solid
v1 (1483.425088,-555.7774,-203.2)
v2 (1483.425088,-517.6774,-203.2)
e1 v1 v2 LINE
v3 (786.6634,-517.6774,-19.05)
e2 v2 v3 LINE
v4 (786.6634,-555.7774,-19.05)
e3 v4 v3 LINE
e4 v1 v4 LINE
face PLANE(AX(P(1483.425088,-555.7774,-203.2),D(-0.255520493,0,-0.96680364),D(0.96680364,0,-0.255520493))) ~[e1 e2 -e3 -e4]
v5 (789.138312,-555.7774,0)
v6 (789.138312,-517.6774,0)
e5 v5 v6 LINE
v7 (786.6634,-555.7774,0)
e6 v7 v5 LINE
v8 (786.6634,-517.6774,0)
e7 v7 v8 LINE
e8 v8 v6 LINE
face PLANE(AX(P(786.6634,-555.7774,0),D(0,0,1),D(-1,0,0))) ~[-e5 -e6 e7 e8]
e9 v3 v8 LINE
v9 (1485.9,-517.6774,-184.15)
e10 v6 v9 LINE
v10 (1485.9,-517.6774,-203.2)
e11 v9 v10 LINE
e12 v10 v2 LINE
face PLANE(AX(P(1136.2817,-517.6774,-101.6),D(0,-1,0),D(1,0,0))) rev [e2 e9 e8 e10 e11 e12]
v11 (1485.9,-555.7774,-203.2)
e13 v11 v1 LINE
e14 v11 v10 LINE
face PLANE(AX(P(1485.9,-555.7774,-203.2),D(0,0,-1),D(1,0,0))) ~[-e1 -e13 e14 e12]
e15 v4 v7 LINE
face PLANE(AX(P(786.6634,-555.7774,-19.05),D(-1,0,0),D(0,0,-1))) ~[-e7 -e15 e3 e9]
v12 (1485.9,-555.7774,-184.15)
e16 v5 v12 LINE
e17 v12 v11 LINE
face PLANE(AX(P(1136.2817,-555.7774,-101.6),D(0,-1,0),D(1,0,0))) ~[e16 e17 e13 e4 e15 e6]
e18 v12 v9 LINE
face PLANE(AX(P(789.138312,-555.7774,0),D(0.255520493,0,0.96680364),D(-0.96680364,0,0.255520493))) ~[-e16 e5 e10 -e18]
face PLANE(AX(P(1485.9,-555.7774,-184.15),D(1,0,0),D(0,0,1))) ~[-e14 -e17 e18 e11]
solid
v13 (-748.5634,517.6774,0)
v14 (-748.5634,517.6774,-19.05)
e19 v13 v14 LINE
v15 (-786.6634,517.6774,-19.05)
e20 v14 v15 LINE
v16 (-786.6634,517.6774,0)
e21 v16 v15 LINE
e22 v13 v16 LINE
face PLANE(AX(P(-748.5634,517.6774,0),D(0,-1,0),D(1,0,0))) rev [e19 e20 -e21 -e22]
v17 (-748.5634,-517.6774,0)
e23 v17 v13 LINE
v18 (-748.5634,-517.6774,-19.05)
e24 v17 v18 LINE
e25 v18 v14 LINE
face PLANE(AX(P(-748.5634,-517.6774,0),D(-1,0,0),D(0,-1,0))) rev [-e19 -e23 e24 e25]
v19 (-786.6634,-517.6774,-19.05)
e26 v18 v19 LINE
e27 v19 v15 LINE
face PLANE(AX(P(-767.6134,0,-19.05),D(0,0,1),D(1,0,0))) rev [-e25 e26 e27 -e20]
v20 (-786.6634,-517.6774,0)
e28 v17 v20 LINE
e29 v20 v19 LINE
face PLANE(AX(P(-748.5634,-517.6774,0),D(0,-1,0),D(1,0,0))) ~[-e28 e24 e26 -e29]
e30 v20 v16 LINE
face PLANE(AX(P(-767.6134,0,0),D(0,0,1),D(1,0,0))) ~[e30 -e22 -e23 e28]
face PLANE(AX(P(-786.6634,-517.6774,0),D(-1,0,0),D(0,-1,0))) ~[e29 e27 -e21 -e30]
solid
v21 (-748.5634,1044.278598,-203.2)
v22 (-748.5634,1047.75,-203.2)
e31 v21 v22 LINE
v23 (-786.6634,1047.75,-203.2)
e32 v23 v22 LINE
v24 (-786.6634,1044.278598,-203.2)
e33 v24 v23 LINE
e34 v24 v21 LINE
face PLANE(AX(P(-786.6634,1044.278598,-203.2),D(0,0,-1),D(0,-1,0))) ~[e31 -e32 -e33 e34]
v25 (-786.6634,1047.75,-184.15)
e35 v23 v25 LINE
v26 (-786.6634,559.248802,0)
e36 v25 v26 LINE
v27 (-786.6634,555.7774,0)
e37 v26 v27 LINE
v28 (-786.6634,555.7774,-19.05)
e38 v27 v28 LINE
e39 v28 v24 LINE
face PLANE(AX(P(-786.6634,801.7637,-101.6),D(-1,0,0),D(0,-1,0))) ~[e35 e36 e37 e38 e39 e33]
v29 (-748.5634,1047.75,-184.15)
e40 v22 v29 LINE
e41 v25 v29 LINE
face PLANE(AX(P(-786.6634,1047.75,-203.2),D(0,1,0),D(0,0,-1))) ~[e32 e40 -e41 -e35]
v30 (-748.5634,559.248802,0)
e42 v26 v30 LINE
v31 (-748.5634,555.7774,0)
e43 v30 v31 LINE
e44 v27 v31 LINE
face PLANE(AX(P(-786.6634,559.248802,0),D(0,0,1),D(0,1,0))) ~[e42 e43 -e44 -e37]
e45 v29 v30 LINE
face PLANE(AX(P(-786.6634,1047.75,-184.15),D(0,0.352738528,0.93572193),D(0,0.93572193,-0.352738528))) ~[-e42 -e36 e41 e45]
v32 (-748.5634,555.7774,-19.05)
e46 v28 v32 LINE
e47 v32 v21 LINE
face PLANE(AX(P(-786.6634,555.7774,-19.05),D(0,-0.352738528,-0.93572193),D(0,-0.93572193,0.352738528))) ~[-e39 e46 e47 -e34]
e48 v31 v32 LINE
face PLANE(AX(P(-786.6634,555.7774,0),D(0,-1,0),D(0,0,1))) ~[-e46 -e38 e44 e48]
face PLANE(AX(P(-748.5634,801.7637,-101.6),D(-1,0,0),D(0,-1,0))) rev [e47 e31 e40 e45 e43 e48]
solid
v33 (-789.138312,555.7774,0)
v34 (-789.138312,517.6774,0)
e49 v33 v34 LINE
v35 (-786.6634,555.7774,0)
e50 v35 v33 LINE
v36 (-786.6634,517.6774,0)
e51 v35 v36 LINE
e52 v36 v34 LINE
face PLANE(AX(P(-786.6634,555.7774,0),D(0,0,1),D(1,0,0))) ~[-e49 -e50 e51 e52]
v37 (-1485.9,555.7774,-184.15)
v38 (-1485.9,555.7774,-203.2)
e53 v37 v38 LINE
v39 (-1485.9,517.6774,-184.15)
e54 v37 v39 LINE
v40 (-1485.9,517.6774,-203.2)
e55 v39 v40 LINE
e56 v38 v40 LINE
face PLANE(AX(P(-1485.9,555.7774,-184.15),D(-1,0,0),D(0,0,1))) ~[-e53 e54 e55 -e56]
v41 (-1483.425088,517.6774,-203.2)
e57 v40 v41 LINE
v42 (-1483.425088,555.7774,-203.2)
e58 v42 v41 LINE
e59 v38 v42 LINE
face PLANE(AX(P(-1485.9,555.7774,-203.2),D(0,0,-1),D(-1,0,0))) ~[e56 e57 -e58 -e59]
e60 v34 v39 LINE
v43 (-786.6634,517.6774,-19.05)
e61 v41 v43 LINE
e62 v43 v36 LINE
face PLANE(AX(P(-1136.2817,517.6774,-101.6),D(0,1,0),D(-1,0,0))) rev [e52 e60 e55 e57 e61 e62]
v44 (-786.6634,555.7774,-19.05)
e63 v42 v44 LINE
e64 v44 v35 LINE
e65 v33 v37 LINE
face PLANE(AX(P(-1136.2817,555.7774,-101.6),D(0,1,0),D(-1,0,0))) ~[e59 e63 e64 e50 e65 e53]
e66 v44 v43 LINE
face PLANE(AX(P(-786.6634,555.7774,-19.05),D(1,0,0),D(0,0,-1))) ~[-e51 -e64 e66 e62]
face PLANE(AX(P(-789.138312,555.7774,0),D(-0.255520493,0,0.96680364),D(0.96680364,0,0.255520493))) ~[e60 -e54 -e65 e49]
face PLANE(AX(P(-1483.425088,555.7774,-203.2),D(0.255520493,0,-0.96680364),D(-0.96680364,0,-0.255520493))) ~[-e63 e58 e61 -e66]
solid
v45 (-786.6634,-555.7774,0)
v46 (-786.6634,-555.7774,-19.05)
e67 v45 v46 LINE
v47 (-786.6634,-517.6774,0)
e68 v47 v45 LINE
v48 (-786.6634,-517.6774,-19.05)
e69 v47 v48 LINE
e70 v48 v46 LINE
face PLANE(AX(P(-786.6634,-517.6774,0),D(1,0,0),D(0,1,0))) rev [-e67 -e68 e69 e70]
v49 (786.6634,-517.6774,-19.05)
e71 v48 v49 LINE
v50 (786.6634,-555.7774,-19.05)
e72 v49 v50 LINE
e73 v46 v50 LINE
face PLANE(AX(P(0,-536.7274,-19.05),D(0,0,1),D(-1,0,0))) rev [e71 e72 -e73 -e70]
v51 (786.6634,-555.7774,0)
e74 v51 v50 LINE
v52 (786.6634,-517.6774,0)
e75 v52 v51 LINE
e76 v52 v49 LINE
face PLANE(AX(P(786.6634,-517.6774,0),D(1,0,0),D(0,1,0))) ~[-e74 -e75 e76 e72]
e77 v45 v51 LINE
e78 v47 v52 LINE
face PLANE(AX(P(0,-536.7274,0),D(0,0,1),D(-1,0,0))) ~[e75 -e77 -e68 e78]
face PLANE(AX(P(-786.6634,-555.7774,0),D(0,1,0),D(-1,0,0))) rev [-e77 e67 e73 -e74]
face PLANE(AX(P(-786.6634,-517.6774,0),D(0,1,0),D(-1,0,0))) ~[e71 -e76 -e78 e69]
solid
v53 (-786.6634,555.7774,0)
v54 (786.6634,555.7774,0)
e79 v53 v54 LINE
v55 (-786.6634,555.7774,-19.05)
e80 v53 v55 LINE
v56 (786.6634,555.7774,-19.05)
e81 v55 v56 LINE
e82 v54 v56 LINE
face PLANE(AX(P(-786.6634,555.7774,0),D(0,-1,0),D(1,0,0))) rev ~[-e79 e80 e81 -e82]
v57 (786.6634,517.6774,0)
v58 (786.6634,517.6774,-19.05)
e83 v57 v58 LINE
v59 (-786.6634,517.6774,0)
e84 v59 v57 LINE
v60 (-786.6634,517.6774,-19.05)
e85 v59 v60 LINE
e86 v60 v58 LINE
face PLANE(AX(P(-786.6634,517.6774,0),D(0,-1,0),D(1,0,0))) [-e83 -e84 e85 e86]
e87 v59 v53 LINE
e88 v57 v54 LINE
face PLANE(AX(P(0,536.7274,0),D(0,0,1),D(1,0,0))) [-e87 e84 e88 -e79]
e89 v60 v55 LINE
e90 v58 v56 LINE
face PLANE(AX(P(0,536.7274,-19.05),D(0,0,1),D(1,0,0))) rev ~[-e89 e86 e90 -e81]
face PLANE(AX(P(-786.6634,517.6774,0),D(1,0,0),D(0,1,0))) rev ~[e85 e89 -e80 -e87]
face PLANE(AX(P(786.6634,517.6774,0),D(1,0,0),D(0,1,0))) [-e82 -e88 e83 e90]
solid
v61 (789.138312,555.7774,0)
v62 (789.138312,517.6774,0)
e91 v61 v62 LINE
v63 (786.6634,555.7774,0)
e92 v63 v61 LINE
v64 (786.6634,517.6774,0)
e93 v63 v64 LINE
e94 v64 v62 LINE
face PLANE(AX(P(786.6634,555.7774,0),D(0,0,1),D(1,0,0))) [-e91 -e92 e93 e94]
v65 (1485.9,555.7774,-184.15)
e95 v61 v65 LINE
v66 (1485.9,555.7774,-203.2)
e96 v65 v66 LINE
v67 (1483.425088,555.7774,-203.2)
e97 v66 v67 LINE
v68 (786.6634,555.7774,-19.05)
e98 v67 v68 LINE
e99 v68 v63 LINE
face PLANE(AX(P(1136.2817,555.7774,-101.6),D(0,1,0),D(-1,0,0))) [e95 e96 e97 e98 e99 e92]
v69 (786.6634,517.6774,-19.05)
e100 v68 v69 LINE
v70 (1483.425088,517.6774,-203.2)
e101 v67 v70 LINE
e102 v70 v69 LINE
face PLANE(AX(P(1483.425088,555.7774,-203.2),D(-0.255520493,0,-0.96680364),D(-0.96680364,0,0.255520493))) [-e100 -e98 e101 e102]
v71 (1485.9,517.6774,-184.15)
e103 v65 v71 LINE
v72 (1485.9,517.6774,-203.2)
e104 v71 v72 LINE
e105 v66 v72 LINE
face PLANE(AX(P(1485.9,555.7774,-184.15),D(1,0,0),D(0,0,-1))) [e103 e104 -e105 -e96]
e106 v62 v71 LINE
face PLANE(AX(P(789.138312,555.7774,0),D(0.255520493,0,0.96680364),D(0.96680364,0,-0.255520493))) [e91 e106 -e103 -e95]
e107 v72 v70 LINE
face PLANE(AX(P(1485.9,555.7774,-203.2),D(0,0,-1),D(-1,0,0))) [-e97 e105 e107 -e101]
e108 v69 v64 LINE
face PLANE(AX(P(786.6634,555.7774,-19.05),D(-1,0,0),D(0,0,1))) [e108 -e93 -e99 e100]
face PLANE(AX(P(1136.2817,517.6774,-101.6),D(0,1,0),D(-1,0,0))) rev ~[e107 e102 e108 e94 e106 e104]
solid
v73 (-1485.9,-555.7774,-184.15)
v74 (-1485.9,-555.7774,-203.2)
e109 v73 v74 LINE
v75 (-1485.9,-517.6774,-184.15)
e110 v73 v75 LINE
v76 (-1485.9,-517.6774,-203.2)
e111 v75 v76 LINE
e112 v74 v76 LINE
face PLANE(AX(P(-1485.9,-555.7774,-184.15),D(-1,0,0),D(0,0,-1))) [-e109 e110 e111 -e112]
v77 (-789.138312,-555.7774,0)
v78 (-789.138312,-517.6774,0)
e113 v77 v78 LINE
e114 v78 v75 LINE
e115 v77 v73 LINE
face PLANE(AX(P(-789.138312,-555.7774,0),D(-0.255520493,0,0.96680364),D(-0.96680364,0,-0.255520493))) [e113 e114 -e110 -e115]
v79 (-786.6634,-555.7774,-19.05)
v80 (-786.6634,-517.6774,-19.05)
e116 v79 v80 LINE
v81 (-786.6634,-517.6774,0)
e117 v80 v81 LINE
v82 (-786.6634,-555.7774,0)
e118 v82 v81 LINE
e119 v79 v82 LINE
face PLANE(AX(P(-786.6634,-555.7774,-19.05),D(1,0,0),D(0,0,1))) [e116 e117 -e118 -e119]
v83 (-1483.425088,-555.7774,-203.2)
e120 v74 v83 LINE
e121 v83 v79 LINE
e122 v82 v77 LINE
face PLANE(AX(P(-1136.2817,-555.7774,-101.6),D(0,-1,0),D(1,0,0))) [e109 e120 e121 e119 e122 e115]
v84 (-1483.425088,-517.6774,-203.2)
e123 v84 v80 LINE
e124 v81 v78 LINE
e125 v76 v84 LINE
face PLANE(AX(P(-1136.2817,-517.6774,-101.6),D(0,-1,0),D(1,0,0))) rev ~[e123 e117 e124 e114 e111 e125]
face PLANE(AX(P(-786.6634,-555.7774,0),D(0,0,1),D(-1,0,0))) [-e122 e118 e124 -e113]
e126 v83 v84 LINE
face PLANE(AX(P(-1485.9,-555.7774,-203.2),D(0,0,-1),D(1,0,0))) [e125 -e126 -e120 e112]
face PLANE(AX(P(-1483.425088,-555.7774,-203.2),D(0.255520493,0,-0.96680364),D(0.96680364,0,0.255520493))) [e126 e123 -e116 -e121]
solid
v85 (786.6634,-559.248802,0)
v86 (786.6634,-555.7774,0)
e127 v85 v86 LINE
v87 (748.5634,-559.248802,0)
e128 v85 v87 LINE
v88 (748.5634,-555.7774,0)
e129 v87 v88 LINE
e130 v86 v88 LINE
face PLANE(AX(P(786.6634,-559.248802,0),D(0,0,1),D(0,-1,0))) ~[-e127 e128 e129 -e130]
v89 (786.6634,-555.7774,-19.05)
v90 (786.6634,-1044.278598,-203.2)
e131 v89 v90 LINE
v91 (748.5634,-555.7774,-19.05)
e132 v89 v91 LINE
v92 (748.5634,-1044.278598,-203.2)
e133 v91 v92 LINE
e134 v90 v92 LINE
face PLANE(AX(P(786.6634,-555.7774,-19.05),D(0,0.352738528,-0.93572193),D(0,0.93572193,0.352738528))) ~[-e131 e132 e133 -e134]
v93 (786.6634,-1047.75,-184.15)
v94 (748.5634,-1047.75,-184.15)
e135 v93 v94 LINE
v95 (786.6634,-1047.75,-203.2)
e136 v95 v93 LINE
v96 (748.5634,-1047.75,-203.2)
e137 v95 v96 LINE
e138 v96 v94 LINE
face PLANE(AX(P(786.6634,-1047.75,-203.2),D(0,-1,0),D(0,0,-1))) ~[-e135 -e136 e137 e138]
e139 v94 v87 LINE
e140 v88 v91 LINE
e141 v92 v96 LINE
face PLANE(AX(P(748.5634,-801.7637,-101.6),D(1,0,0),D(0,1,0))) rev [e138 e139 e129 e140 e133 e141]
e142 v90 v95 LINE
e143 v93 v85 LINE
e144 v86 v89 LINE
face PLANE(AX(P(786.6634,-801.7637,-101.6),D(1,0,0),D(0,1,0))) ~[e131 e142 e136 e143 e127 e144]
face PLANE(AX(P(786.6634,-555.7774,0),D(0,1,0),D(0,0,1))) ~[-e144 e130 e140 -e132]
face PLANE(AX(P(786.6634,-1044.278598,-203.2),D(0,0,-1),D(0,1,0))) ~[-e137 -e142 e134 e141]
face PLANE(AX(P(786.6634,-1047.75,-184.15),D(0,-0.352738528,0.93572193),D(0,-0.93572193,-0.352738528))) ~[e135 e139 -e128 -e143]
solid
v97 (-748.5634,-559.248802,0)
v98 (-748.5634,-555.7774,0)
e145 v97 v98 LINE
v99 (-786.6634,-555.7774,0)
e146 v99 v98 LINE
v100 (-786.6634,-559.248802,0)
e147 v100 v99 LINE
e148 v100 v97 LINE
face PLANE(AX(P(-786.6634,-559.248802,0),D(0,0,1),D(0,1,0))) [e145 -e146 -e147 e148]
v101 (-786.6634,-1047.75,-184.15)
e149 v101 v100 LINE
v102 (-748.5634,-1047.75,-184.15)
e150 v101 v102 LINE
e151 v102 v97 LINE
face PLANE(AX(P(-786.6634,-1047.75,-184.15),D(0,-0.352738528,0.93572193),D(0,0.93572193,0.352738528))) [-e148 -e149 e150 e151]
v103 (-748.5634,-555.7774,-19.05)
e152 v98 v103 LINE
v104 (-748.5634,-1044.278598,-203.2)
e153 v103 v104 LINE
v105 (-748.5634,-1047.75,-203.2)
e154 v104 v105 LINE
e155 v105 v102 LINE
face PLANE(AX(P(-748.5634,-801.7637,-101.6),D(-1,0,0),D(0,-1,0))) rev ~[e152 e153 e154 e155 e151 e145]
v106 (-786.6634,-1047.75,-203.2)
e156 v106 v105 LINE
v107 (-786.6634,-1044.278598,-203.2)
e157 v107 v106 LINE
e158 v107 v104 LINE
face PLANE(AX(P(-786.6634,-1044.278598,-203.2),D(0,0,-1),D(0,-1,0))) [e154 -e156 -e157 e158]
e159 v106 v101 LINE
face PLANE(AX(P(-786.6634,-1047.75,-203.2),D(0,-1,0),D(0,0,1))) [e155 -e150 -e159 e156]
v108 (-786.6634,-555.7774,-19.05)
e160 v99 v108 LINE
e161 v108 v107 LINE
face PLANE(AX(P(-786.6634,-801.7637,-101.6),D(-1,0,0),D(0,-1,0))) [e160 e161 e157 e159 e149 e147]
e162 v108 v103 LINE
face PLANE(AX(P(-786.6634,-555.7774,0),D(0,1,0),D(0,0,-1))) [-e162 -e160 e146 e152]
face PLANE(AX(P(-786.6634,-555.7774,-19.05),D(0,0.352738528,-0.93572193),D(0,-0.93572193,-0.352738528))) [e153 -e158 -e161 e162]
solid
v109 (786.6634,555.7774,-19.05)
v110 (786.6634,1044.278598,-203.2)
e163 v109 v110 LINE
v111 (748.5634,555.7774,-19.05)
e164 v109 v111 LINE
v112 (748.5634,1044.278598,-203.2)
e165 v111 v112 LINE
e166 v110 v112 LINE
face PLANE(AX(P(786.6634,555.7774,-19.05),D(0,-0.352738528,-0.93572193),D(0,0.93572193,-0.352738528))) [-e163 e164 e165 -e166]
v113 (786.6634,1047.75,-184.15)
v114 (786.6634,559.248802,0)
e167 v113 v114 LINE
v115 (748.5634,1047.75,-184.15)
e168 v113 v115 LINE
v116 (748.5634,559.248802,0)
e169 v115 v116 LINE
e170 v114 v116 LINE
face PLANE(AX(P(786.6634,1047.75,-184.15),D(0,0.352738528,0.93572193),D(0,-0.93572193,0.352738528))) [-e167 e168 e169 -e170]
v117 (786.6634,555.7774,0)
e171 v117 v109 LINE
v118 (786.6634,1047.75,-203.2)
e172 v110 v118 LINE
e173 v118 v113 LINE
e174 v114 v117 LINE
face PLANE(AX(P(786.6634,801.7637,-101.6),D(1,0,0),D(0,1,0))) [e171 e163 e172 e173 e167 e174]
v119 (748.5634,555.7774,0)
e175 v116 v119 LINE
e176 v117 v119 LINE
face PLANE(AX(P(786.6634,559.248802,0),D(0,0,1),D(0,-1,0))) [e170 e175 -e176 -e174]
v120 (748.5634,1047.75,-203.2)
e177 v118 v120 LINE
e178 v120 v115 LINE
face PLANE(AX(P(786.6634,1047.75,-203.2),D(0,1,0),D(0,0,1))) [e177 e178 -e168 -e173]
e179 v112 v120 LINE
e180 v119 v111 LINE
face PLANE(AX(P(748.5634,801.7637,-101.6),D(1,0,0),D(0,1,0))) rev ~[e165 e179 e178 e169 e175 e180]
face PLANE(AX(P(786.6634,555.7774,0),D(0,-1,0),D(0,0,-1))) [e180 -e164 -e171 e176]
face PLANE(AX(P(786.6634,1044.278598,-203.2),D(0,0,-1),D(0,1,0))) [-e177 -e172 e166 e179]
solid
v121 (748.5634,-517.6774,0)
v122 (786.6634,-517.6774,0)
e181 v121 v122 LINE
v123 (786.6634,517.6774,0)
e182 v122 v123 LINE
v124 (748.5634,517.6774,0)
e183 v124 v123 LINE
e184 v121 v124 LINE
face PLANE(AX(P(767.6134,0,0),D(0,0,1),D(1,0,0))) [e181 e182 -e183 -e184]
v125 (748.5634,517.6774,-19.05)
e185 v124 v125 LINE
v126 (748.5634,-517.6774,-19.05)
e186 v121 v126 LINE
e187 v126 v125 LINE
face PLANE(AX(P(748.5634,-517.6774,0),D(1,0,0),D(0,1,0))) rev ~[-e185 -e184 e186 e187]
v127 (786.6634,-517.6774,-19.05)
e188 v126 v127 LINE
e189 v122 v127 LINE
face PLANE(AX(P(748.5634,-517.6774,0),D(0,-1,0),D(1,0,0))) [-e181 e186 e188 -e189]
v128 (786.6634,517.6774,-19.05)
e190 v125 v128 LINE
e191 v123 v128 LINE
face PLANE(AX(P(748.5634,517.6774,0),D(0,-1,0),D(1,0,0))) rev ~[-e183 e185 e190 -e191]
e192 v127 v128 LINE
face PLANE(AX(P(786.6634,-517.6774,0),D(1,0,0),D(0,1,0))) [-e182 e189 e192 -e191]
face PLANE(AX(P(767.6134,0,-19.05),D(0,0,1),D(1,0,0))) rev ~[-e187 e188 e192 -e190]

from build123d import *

# Parameters (mm, degrees)
F0_W      = 1573.3268
F0_H      = 38.1
F1_DEPTH  = 19.05
F2_W      = 38.1
F2_H      = 1035.3548
F3_DEPTH  = 19.05
F7_DEPTH  = 38.1
F11_DEPTH = 38.1


with BuildPart() as f1:
    # F0 (on Top) → F1 (new body)
    with BuildSketch(Plane.XY):
        with Locations((0, 536.7274)):
            Rectangle(F0_W, F0_H)
    extrude(amount=-F1_DEPTH)


with BuildPart() as f3:
    # F2 (on Top) → F3 (new body)
    with BuildSketch(Plane.XY):
        with Locations((767.6134, 0)):
            Rectangle(F2_W, F2_H)
    extrude(amount=-F3_DEPTH)


with BuildPart() as f4_1:
    # F4: instance of F1
    add(f1.part.mirror(Plane.XZ))


with BuildPart() as f5_1:
    # F5: instance of F3
    add(f3.part.mirror(Plane.YZ))


with BuildPart() as f7:
    # F6 (on face) → F7 (new body)
    with BuildSketch(Plane.YZ.offset(786.6634)):
        Polygon((555.7774, 0), (555.7774, -19.05), (1044.278598, -203.2), (1047.75, -203.2), (1047.75, -184.15), (559.248802, 0), align=None)
    extrude(amount=-F7_DEPTH)


with BuildPart() as f8_1:
    # F8: instance of F7
    add(f7.part.mirror(Plane.YZ))


with BuildPart() as f9_1:
    # F9: instance of F8_1
    add(f8_1.part.mirror(Plane.XZ))


with BuildPart() as f9_2:
    # F9: instance of F7
    add(f7.part.mirror(Plane.XZ))


with BuildPart() as f11:
    # F10 (on face) → F11 (new body)
    with BuildSketch(Plane(origin=(0, 555.7774, 0), x_dir=(-1, 0, 0), z_dir=(0, 1, 0))):
        Polygon((-786.6634, 0), (-789.138312, 0), (-1485.9, -184.15), (-1485.9, -203.2), (-1483.425088, -203.2), (-786.6634, -19.05), align=None)
    extrude(amount=-F11_DEPTH)


with BuildPart() as f12_1:
    # F12: instance of F11
    add(f11.part.mirror(Plane.XZ))


with BuildPart() as f13_1:
    # F13: instance of F12_1
    add(f12_1.part.mirror(Plane.YZ))


with BuildPart() as f13_2:
    # F13: instance of F11
    add(f11.part.mirror(Plane.YZ))


solid = Compound([f1.part, f3.part, f4_1.part, f5_1.part, f7.part, f8_1.part, f9_1.part, f9_2.part, f11.part, f12_1.part, f13_1.part, f13_2.part])
